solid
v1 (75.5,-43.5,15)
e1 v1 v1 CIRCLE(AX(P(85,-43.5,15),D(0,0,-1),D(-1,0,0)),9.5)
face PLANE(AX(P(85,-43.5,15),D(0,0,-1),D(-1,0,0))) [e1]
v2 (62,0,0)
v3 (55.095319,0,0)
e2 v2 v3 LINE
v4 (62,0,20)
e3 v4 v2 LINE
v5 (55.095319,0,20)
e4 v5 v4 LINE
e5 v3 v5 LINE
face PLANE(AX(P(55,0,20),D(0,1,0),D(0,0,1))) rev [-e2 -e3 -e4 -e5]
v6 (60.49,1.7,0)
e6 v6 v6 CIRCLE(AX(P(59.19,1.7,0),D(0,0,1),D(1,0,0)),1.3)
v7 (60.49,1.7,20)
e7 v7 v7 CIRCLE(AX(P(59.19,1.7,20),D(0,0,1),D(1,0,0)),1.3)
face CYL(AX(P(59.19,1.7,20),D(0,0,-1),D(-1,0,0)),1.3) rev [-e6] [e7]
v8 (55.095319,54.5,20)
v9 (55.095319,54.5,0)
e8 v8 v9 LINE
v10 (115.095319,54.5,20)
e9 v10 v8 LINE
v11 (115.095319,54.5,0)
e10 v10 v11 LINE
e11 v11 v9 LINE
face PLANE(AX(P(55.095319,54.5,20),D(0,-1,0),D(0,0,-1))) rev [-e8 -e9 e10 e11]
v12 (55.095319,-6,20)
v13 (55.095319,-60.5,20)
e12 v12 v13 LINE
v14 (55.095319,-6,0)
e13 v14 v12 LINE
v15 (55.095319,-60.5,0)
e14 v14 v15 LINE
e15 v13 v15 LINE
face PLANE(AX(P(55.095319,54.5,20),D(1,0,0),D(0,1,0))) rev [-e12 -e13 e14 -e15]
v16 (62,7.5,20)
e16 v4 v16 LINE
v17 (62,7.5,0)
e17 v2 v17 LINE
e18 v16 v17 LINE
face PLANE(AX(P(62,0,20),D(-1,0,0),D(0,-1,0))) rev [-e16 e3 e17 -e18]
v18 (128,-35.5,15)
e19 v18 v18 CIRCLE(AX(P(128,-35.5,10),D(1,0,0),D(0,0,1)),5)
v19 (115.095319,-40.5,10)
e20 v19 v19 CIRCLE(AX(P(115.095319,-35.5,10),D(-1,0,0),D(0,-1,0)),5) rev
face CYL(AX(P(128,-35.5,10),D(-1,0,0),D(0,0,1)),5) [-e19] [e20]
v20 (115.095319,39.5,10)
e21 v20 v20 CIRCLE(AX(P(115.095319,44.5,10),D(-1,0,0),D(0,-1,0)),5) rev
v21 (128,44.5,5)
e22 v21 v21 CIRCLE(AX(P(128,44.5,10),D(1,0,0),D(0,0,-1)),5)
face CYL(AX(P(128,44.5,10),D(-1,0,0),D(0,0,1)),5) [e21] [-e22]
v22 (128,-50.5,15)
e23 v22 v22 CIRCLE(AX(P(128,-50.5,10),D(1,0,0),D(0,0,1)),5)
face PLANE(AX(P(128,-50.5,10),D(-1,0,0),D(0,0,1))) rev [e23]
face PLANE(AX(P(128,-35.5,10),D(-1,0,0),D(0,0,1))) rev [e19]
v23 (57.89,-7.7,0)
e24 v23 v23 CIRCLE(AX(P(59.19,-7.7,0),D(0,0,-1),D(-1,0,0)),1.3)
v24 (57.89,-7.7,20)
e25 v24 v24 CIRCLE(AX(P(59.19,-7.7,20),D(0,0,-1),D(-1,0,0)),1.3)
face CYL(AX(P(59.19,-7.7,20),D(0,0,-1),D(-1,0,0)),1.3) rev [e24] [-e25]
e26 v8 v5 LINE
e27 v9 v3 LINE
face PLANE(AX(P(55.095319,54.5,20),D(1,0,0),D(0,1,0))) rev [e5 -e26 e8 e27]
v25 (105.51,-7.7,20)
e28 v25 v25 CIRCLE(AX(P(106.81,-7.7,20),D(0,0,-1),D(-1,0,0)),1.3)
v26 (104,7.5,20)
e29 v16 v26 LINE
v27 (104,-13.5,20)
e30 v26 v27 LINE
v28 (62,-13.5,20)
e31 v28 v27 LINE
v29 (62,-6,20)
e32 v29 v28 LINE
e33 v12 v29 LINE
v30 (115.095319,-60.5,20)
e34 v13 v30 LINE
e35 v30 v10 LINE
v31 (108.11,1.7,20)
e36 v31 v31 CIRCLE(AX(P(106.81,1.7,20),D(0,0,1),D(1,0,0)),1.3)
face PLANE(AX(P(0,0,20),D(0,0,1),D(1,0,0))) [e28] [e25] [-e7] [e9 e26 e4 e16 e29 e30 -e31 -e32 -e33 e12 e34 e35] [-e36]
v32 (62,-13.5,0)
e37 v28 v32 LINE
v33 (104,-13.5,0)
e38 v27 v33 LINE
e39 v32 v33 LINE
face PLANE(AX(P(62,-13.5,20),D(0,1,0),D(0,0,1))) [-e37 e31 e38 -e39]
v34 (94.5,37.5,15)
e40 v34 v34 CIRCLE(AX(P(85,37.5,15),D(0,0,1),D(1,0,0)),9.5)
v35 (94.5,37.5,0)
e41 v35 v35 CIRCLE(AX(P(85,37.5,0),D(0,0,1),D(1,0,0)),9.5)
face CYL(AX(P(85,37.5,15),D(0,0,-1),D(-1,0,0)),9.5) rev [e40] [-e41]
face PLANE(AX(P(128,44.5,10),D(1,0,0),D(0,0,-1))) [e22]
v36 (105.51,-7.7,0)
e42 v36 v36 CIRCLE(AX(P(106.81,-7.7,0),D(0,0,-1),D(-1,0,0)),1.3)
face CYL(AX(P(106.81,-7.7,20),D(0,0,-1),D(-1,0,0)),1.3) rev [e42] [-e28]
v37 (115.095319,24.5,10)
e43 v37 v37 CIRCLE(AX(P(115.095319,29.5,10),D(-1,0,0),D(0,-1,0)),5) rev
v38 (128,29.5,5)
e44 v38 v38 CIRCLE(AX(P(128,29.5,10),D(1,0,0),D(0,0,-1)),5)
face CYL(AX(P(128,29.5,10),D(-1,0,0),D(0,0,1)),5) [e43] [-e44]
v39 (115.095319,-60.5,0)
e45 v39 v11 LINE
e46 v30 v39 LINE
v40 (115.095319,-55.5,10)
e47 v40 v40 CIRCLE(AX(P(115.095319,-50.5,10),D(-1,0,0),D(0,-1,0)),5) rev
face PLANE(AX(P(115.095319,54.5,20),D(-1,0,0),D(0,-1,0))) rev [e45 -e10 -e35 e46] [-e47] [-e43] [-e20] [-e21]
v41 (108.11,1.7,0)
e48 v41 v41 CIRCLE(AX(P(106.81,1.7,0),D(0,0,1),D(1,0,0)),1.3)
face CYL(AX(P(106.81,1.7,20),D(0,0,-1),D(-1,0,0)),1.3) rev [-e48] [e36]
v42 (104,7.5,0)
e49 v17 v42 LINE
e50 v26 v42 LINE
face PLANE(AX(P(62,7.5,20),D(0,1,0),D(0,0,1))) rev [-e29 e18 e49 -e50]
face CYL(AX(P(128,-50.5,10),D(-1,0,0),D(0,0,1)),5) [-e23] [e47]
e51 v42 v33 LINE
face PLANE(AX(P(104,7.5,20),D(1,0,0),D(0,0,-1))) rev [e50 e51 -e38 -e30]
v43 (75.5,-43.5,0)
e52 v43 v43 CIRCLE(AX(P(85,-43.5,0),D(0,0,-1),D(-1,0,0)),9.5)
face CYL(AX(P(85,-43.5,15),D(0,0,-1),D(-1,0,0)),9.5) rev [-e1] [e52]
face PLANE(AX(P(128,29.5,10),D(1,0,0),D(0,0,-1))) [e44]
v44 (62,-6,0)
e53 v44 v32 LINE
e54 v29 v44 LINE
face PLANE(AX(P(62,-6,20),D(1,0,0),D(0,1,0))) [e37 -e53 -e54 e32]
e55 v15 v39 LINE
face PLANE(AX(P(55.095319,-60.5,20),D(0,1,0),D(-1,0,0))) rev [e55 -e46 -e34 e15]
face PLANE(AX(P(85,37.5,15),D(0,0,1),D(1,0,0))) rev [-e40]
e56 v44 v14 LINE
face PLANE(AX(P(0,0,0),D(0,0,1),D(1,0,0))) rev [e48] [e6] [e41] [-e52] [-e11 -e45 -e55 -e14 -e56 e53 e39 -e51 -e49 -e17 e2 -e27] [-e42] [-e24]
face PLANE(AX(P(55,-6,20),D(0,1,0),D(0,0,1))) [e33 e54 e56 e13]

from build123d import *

# Parameters (mm, degrees)
SKETCH_5_W          = 60
SKETCH_5_H          = 115
EXTRUDE_2_DEPTH     = 20
SKETCH_1_R          = 1.3
CUT_EXTRUDE_4_DEPTH = 20
SKETCH_6_R          = 5
EXTRUDE_3_DEPTH     = 13
SKETCH_22_R         = 9.5
CUT_EXTRUDE_5_DEPTH = 15
SKETCH_22_10_R      = 9.5
CUT_EXTRUDE_6_DEPTH = 15


with BuildPart() as part:
    # Sketch 5 → Extrude 2 (new body)
    with BuildSketch(Plane.XY):
        with Locations((85.095319229, -3)):
            Rectangle(SKETCH_5_W, SKETCH_5_H)
    extrude(amount=EXTRUDE_2_DEPTH)

    # Sketch 1 → Cut-Extrude 4 (cut)
    with BuildSketch(Plane.XY):
        with Locations((59.19, 1.7)):
            Circle(SKETCH_1_R)
        with Locations((106.81, 1.7)):
            Circle(SKETCH_1_R)
        with Locations((106.81, -7.7)):
            Circle(SKETCH_1_R)
        with Locations((59.19, -7.7)):
            Circle(SKETCH_1_R)
        Polygon((55, -3), (55, 0), (62, 0), (62, 7.5), (104, 7.5), (104, -13.5), (62, -13.5), (62, -6), (55, -6), align=None)
    extrude(amount=CUT_EXTRUDE_4_DEPTH, mode=Mode.SUBTRACT)

    # Sketch 6 → Extrude 3 (add)
    with BuildSketch(Plane(origin=(115, 0, 0), x_dir=(0, 0, -1), z_dir=(1, 0, 0))):
        with Locations((-10, 44.5)):
            Circle(SKETCH_6_R)
        with Locations((-10, 29.5)):
            Circle(SKETCH_6_R)
        with Locations((-10, -35.5)):
            Circle(SKETCH_6_R)
        with Locations((-10, -50.5)):
            Circle(SKETCH_6_R)
    extrude(amount=EXTRUDE_3_DEPTH)

    # Sketch 22 → Cut-Extrude 5 (cut)
    with BuildSketch(Plane.XY):
        with Locations((85, 37.5)):
            Circle(SKETCH_22_R)
    extrude(amount=CUT_EXTRUDE_5_DEPTH, mode=Mode.SUBTRACT)

    # Sketch 22_10 → Cut-Extrude 6 (cut)
    with BuildSketch(Plane.XY):
        with Locations((85, -43.5)):
            Circle(SKETCH_22_10_R)
    extrude(amount=CUT_EXTRUDE_6_DEPTH, mode=Mode.SUBTRACT)


solid = part.part
